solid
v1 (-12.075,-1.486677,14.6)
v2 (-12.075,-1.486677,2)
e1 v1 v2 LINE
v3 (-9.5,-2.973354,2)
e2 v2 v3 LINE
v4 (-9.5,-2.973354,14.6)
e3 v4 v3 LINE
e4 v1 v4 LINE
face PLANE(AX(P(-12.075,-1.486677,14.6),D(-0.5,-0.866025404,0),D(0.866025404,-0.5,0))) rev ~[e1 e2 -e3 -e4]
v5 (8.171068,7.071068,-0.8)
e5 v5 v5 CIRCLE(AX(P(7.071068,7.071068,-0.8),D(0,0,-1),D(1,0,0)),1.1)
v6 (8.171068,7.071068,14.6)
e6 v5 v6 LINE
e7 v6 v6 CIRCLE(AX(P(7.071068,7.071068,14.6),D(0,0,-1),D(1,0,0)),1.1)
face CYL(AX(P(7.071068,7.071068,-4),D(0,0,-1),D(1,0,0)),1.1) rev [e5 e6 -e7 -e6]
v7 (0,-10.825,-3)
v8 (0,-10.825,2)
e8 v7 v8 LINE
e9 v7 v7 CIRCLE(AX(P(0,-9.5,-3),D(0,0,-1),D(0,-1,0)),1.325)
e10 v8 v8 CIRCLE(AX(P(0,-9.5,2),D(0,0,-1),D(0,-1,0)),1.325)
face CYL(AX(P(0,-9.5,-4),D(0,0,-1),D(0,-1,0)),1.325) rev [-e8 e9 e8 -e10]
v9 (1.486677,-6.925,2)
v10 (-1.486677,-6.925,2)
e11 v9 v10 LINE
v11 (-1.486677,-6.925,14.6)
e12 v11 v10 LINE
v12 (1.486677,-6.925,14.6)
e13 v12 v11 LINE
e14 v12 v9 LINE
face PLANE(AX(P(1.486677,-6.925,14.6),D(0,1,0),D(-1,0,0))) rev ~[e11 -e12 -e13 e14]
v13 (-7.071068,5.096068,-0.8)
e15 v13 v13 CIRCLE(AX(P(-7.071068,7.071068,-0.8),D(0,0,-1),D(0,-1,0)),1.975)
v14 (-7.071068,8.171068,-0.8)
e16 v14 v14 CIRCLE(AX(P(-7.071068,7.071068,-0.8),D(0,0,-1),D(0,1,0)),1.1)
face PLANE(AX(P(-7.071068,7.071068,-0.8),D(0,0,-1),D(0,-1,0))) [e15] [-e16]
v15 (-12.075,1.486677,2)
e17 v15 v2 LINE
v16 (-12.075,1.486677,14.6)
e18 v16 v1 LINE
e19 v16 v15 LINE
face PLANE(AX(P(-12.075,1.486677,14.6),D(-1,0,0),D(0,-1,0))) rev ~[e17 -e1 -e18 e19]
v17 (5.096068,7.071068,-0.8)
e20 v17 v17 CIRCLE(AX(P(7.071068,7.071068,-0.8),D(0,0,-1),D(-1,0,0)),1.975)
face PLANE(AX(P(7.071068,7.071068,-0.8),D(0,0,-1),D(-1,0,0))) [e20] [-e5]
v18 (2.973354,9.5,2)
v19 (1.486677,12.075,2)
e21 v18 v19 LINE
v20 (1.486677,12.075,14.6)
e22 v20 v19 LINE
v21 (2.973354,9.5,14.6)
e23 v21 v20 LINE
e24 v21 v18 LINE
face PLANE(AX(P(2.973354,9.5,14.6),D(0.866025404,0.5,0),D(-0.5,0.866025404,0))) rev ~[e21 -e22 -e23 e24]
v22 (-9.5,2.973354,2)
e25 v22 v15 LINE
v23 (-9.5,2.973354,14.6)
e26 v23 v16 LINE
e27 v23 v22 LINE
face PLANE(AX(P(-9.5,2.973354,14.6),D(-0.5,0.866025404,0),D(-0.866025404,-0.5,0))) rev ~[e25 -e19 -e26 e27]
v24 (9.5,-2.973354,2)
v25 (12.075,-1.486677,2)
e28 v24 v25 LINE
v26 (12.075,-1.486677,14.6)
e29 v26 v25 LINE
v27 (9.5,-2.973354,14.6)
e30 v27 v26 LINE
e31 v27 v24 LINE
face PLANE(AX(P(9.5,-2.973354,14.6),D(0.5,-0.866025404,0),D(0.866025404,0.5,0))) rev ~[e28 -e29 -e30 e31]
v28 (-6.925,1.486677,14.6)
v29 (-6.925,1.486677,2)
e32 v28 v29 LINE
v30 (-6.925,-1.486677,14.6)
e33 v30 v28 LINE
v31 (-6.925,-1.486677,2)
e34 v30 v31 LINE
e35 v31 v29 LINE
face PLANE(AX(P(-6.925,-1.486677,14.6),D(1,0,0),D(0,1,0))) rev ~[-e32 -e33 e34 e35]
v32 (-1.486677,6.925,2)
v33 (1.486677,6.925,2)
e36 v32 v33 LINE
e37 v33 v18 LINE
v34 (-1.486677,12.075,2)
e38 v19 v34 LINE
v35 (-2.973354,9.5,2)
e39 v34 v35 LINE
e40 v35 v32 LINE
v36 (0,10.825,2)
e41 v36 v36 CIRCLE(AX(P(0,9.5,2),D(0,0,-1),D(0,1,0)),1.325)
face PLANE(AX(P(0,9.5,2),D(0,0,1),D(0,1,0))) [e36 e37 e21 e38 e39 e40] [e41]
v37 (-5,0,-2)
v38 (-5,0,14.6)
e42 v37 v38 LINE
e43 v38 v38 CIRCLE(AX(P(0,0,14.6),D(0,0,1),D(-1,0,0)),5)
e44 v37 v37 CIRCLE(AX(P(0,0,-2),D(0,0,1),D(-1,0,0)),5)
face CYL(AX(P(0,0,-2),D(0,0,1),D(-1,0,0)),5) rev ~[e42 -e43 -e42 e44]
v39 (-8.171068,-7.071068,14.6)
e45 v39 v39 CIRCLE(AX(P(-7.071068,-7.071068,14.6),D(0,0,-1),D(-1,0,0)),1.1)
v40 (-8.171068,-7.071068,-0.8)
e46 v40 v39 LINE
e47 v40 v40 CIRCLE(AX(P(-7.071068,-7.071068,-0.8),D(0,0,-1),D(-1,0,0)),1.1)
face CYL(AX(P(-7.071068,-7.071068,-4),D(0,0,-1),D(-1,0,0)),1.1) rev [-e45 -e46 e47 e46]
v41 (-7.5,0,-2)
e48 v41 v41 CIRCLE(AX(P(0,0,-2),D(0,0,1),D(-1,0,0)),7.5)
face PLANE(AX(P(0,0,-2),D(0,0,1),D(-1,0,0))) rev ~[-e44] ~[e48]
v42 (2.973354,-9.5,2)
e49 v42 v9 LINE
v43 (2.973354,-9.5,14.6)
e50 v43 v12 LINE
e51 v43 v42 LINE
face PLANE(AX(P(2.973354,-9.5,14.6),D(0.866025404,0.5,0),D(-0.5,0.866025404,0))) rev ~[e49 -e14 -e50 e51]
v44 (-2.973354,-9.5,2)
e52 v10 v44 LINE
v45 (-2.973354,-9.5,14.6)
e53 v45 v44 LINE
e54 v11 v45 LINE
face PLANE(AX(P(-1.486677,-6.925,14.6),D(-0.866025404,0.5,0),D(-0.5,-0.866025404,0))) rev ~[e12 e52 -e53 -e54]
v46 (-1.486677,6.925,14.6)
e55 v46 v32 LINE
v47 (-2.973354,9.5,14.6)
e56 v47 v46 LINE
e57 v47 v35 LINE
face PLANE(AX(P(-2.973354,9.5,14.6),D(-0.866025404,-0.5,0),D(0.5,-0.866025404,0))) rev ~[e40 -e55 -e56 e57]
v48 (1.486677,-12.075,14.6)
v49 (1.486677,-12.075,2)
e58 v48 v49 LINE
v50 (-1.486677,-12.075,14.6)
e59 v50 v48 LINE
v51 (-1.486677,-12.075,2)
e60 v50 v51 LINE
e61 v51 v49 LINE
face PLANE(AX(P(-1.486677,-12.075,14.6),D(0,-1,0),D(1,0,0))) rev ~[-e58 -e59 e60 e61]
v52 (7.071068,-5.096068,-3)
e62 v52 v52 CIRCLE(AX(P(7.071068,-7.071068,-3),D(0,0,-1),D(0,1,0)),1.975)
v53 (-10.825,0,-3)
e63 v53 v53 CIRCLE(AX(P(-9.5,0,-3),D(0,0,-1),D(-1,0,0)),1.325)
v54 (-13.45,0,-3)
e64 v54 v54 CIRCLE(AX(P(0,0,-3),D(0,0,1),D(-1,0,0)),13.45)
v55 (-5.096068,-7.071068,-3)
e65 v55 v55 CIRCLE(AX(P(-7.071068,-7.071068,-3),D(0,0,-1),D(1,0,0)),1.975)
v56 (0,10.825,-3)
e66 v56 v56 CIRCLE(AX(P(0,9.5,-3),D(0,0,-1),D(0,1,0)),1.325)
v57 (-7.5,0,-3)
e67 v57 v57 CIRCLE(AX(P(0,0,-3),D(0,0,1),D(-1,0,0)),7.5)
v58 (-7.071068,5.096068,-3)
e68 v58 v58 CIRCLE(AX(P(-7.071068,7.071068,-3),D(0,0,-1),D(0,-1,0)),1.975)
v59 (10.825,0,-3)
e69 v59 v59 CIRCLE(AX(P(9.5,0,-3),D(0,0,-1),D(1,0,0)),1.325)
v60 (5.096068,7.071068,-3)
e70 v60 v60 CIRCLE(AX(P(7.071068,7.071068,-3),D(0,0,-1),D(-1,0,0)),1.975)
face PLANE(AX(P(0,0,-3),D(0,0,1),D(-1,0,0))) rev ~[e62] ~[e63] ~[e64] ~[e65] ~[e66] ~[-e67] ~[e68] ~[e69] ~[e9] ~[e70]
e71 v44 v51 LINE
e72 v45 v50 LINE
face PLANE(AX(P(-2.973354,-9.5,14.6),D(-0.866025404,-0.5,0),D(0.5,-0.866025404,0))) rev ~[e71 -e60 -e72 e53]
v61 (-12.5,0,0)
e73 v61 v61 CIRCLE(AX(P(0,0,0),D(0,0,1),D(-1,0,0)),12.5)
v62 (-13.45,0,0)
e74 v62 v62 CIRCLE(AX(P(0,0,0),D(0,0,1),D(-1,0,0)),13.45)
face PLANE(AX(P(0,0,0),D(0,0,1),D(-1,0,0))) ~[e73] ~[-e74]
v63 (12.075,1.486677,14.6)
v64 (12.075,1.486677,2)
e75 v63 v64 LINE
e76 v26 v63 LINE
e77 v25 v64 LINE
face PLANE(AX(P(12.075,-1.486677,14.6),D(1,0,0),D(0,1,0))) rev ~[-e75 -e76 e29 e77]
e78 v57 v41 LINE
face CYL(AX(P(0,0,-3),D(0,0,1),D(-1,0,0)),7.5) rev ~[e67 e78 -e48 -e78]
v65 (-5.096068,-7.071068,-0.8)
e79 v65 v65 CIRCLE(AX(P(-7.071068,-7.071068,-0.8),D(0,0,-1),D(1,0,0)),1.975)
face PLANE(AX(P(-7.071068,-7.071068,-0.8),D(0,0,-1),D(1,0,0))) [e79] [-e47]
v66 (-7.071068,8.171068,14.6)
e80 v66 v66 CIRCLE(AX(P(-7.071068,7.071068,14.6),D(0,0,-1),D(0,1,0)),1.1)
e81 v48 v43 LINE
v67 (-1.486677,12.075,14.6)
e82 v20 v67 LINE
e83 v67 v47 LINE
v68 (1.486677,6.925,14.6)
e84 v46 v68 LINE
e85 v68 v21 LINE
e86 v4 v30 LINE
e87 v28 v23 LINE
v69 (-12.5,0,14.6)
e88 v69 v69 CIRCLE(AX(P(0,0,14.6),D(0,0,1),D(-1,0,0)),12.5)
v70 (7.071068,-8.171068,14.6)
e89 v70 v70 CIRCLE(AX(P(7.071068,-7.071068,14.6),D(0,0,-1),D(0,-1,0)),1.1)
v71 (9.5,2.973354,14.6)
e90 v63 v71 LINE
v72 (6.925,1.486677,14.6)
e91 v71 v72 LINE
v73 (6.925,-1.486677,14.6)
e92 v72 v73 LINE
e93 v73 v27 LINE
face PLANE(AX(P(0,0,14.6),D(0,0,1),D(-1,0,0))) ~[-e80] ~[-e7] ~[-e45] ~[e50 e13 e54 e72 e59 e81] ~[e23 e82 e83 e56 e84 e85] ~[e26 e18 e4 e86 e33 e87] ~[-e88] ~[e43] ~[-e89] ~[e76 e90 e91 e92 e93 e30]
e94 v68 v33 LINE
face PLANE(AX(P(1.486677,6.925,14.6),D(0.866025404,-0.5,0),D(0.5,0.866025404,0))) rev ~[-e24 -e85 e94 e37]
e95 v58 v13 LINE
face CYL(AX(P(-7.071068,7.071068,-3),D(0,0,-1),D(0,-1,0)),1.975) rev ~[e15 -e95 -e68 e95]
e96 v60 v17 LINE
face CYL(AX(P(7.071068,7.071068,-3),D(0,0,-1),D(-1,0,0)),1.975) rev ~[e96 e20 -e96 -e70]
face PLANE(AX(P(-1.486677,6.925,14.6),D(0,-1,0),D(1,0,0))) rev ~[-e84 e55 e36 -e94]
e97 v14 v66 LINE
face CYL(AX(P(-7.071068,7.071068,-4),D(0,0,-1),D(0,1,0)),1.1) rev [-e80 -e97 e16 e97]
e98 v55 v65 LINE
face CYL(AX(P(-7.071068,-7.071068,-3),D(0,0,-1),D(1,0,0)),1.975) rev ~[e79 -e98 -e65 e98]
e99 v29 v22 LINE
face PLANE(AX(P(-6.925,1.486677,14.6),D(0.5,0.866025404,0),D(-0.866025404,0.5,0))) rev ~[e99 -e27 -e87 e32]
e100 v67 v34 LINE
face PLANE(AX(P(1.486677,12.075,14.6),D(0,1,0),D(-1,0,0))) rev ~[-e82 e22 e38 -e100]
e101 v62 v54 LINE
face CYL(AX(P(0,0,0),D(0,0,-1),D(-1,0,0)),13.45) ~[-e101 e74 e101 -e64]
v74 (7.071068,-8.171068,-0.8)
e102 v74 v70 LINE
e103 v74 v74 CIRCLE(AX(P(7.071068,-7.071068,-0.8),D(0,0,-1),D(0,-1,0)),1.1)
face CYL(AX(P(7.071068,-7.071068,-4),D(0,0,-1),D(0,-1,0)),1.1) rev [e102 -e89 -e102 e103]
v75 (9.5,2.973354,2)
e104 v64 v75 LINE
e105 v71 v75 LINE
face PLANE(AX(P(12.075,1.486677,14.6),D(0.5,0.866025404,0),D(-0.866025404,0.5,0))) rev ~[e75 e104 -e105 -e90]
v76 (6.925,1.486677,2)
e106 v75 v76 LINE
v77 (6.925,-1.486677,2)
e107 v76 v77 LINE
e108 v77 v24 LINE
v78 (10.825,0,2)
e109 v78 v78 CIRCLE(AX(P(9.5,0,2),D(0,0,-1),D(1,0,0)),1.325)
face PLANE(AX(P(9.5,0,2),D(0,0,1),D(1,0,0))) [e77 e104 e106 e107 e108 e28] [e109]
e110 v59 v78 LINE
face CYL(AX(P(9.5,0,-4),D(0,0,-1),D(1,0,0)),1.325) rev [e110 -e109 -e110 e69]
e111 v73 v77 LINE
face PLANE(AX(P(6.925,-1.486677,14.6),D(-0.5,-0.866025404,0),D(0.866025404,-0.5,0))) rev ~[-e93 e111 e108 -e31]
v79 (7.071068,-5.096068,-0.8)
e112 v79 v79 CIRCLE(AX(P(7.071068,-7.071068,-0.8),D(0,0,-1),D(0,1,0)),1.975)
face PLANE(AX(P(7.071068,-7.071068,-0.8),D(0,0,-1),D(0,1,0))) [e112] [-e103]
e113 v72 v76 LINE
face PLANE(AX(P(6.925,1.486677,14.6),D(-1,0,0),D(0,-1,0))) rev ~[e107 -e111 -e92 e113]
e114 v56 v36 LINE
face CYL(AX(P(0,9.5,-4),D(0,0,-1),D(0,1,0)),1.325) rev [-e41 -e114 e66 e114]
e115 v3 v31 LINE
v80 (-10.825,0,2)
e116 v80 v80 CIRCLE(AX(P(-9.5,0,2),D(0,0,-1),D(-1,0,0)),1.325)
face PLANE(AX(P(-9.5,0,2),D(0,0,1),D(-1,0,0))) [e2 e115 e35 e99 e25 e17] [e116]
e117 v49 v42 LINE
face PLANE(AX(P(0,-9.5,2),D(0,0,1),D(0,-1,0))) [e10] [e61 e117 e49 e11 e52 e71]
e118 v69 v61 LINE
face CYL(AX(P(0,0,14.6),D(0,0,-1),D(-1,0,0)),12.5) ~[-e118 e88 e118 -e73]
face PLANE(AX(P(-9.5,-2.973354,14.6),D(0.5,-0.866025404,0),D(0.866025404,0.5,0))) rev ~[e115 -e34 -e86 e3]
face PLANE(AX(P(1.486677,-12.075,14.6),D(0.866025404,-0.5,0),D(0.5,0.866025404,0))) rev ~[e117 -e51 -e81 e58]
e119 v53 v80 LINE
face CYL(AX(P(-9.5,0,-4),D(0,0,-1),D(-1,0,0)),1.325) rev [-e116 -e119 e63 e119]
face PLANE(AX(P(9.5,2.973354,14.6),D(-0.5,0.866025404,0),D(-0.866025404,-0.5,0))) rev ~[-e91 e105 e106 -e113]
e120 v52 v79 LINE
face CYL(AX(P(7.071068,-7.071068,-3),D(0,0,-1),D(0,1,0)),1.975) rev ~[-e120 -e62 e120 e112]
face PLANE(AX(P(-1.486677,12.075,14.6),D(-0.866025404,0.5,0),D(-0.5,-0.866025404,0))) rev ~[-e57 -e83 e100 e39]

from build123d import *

# Parameters (mm, degrees)
ATTACHMENTBOLTHOLES_START = -4
SKETCH11_R                = 1.325
ATTACHMENTBOLTHOLES_DEPTH = 19.6
SKETCH13_R                = 1.975
SHAFTBOLTHEAD_DEPTH       = 2.2
SHAFTBOLTTHRU_START       = -4
SKETCH14_R                = 1.1
SHAFTBOLTTHRU_DEPTH       = 19.6
NUTHOLE_DEPTH             = 12.6
CIRPATTERN1_COUNT         = 4


with BuildPart() as part:
    # Sketch10 → Revolve1 (revolve)
    with BuildSketch(Plane(origin=(0, 0, 0), x_dir=(1, 0, 0), z_dir=(0, 1, 0))):
        Polygon((-13.45, 3), (-7.5, 3), (-7.5, 2), (-5, 2), (-5, -14.6), (-12.5, -14.6), (-12.5, 0), (-13.45, 0), align=None)
    revolve(axis=Axis((0, 0, -38.468953364), (0, 0, 1)))

    # Sketch11 → AttachmentBoltHoles (cut)
    with BuildSketch(Plane.XY.offset(ATTACHMENTBOLTHOLES_START)):
        with Locations((9.5, 0)):
            Circle(SKETCH11_R)
    attachmentboltholes = extrude(amount=ATTACHMENTBOLTHOLES_DEPTH, mode=Mode.SUBTRACT)

    # Sketch13 → ShaftBoltHead (cut)
    with BuildSketch(Plane(origin=(0, 0, -3), x_dir=(-1, 0, 0), z_dir=(0, 0, -1))):
        with Locations((-7.071067812, 7.071067812)):
            Circle(SKETCH13_R)
    shaftbolthead = extrude(amount=-SHAFTBOLTHEAD_DEPTH, mode=Mode.SUBTRACT)

    # Sketch14 → ShaftBoltThru (cut)
    with BuildSketch(Plane.XY.offset(SHAFTBOLTTHRU_START)):
        with Locations((7.071067812, 7.071067812)):
            Circle(SKETCH14_R)
    shaftboltthru = extrude(amount=SHAFTBOLTTHRU_DEPTH, mode=Mode.SUBTRACT)

    # Sketch12 → NutHole (cut)
    with BuildSketch(Plane.XY.offset(14.6)):
        Polygon((12.075, -1.486676943), (12.075, 1.486676943), (9.5, 2.973353886), (6.925, 1.486676943), (6.925, -1.486676943), (9.5, -2.973353886), align=None)
    nuthole = extrude(amount=-NUTHOLE_DEPTH, mode=Mode.SUBTRACT)

    # CirPattern1: AttachmentBoltHoles, ShaftBoltHead, ShaftBoltThru, NutHole ×4 about axis
    cirpattern1_axis = Axis((0, 0, 0), (0, 0, 1))
    for i in range(1, CIRPATTERN1_COUNT):
        add(attachmentboltholes.rotate(cirpattern1_axis, i * 360 / CIRPATTERN1_COUNT), mode=Mode.SUBTRACT)
        add(shaftbolthead.rotate(cirpattern1_axis, i * 360 / CIRPATTERN1_COUNT), mode=Mode.SUBTRACT)
        add(shaftboltthru.rotate(cirpattern1_axis, i * 360 / CIRPATTERN1_COUNT), mode=Mode.SUBTRACT)
        add(nuthole.rotate(cirpattern1_axis, i * 360 / CIRPATTERN1_COUNT), mode=Mode.SUBTRACT)


solid = part.part
